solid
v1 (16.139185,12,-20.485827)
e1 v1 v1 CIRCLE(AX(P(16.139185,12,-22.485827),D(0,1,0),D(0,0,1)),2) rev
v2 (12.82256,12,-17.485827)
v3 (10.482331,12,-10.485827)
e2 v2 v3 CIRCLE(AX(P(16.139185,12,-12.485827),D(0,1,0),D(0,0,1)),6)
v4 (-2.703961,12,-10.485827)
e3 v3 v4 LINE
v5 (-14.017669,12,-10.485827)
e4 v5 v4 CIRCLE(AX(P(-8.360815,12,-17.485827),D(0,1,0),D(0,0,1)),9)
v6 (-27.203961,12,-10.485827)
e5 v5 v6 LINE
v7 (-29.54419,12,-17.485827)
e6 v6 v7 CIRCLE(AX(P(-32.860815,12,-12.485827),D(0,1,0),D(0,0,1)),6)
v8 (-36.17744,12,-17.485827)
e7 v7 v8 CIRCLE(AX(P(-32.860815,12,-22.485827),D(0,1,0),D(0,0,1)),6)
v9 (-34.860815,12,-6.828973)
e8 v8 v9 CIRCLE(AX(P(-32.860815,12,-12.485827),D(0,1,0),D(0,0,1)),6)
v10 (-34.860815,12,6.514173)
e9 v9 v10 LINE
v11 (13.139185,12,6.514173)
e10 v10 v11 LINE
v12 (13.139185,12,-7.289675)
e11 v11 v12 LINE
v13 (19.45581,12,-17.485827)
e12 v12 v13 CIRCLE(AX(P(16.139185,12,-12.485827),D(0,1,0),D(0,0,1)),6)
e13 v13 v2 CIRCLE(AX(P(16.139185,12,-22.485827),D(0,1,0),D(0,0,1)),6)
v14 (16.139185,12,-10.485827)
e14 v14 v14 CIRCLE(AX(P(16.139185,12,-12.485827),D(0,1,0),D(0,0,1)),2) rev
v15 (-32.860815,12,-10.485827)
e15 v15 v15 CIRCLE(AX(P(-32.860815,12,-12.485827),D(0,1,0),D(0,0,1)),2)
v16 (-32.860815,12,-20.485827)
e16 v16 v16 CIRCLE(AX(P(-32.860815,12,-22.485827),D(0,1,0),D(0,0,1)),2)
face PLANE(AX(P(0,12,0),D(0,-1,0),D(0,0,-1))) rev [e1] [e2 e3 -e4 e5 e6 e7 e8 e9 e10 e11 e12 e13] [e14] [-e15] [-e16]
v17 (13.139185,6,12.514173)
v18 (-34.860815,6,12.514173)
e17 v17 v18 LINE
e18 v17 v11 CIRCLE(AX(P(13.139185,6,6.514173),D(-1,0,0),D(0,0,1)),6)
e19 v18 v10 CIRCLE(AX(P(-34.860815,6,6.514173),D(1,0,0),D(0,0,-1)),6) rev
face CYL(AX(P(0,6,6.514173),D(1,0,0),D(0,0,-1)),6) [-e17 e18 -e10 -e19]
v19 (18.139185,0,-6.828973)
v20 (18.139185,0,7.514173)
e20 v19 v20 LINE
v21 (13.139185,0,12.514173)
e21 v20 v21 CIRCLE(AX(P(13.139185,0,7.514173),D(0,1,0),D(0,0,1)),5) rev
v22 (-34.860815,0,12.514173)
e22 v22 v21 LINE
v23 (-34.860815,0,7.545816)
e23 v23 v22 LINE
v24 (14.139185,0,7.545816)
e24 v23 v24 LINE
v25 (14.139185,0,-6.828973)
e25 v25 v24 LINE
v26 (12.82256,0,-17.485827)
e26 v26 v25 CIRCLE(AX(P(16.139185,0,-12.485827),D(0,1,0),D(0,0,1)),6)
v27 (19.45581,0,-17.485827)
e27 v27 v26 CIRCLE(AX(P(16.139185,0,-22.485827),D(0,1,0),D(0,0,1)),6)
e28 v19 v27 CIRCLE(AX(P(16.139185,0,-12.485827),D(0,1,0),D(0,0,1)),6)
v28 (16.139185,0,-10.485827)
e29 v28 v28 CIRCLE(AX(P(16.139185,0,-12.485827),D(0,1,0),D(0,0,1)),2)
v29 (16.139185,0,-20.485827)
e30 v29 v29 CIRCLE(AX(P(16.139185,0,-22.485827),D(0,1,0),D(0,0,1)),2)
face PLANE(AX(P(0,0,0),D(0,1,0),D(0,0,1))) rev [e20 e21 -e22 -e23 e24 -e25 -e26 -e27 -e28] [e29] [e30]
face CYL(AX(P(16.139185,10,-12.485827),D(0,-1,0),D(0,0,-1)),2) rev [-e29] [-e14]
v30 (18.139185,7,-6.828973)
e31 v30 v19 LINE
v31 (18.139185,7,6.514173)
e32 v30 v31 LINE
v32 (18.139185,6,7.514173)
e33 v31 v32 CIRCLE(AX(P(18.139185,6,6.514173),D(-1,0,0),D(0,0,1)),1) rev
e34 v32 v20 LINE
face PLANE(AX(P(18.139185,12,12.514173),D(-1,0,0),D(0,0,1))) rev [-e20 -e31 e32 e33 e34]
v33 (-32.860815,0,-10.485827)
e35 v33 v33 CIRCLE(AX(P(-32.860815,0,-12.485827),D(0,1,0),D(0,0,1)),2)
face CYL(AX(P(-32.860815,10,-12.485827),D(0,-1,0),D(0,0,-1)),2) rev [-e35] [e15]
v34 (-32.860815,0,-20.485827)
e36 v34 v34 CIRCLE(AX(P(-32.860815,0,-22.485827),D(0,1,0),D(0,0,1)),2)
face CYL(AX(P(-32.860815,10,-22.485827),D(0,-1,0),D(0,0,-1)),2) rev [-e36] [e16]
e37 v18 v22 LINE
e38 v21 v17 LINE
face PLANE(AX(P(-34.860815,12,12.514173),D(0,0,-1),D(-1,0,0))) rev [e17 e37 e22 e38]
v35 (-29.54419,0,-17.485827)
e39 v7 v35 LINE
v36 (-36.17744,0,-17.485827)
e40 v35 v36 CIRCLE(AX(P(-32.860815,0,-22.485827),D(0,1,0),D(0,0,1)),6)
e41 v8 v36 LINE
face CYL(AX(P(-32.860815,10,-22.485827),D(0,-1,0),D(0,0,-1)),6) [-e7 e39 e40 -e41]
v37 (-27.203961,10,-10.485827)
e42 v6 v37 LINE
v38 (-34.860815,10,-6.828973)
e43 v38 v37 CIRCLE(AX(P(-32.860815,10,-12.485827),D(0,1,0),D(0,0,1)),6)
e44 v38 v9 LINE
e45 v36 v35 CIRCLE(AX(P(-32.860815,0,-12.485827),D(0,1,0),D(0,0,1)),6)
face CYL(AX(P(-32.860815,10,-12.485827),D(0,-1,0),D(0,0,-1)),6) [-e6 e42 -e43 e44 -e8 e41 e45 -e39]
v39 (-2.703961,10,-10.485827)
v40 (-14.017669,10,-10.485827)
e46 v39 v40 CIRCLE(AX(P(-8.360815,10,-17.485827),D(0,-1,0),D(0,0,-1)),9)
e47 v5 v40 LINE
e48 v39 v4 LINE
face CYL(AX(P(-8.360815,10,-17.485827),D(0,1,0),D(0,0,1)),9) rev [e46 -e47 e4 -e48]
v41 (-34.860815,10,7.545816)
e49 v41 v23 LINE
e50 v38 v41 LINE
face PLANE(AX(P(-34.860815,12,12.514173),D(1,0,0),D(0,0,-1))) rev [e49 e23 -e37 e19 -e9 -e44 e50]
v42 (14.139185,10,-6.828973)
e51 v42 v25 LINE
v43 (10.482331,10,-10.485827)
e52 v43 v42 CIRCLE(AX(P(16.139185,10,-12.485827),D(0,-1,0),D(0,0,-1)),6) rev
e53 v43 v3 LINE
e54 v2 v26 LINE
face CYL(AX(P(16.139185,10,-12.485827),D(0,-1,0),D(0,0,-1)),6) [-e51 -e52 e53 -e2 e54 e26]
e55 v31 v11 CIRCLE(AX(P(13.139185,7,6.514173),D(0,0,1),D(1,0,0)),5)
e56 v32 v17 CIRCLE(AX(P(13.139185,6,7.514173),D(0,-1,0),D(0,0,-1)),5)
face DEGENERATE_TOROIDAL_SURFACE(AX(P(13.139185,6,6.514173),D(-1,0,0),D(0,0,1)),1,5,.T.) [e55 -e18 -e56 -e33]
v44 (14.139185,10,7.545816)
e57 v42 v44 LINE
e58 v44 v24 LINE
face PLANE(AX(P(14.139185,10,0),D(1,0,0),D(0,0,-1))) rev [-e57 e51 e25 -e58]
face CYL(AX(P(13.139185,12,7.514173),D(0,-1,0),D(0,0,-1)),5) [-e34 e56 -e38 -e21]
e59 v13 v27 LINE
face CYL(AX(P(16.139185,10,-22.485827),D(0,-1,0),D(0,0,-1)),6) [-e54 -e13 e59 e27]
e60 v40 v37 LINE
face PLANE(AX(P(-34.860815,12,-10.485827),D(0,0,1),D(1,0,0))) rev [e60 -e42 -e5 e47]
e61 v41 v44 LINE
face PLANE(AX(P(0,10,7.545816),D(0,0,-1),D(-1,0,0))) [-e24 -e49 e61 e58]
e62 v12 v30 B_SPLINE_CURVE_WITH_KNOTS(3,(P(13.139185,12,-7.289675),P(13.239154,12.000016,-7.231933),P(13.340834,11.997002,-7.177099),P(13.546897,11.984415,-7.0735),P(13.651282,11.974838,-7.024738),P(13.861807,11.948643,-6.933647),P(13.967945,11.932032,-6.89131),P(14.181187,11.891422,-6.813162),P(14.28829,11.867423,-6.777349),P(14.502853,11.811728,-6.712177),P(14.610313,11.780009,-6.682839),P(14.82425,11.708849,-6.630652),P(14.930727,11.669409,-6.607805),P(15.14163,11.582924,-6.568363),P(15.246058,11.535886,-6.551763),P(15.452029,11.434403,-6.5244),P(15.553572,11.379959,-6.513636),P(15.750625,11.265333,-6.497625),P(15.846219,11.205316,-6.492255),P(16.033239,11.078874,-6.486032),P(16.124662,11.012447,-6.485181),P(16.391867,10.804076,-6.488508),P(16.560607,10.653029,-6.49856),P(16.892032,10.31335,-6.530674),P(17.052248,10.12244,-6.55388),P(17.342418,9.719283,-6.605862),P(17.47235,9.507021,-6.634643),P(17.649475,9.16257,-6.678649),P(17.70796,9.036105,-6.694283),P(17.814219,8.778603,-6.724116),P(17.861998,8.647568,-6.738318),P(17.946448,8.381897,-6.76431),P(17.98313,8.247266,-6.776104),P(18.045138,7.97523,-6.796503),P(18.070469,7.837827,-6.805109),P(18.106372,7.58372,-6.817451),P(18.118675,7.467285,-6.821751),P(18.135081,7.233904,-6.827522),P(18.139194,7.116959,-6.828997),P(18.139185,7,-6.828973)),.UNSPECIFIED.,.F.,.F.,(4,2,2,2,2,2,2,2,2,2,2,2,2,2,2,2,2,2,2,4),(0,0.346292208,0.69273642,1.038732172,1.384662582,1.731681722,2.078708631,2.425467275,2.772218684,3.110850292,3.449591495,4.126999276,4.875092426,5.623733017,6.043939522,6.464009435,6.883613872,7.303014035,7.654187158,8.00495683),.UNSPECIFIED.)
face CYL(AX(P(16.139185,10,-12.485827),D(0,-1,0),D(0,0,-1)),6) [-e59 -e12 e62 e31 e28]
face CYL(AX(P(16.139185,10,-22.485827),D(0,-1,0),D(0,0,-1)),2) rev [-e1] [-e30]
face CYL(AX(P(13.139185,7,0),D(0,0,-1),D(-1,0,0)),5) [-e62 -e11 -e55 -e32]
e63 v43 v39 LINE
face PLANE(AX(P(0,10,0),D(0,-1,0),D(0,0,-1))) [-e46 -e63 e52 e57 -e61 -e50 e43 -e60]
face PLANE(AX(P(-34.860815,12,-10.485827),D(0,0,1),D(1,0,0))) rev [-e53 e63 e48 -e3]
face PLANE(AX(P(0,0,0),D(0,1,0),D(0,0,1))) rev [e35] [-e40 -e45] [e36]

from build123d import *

# Parameters (mm, degrees)
SKETCH1_R             = 2.0000000000000036
SKETCH1_R_2           = 2.0000000000000213
BOSS_EXTRUDE1_DEPTH   = 10
SKETCH1_R_3           = 2.0000000000000013
BOSS_EXTRUDE1_2_DEPTH = 10
SKETCH2_W             = 53.000000000000014
SKETCH2_H             = 22.999999999999996
BOSS_EXTRUDE2_DEPTH   = 2
FILLET1_R             = 6
SKETCH5_R             = 5.999999999999998
SKETCH5_R_2           = 2
SKETCH5_R_3           = 2.0000000000000027
SKETCH5_R_4           = 6.000000000000003
SKETCH5_R_5           = 2.0000000000000067
SKETCH5_R_6           = 5.999999999999995
BOSS_EXTRUDE5_DEPTH   = 2
SKETCH7_R             = 9
CUT_EXTRUDE1_DEPTH    = 2
FILLET2_R             = 5


with BuildPart() as part:
    # Sketch1 → Boss-Extrude1 (new body)
    with BuildSketch(Plane(origin=(0, 0, 0), x_dir=(1, 0, 0), z_dir=(0, 1, 0))):
        with BuildLine():
            ThreePointArc((18.139184902589378, 6.828972817517872), (22.093910791670055, 11.750137196267254), (19.455809692945103, 17.48582706701017))
            ThreePointArc((19.455809692945035, 17.485827067010383), (16.139184902589513, 28.485827067010298), (12.82256011223399, 17.48582706701038))
            ThreePointArc((12.822560112233926, 17.485827067010174), (10.184459013508956, 11.75013719626737), (14.139184902589426, 6.8289728175179505))
            Line((14.139184902589509, 6.828972817517972), (14.139184902589509, -7.5458155744883015))
            Line((14.13918490258951, -7.545815574488302), (-34.86081509741051, -7.545815574488318))
            Line((-34.8608150974105, -7.545815574488319), (-34.8608150974105, -12.514172932989698))
            Line((-34.8608150974105, -12.5141729329897), (18.139184902589513, -12.514172932989684))
            Line((18.139184902589513, -12.514172932989686), (18.139184902589516, 6.828972817517839))
        make_face()
        with Locations(Location((16.139184902589513, 12.485827067010298, 0), (0, 0, 270))):
            Circle(SKETCH1_R, mode=Mode.SUBTRACT)
        with Locations(Location((16.139184902589513, 22.485827067010316, 0), (0, 0, 270))):
            Circle(SKETCH1_R_2, mode=Mode.SUBTRACT)
    extrude(amount=BOSS_EXTRUDE1_DEPTH)



with BuildPart() as body_2:
    # Sketch1 → Boss-Extrude1 2 (new body)
    with BuildSketch(Plane(origin=(0, 0, 0), x_dir=(1, 0, 0), z_dir=(0, 1, 0))):
        with BuildLine():
            ThreePointArc((-36.177439887766084, 17.48582706701017), (-32.860815097410494, 6.485827067010302), (-29.544190307054905, 17.485827067010174))
            ThreePointArc((-29.54419030705497, 17.485827067010383), (-32.86081509741049, 28.485827067010298), (-36.17743988776603, 17.48582706701039))
        make_face()
        with Locations(Location((-32.860815097410494, 12.485827067010298, 0), (0, 0, 270))):
            Circle(SKETCH1_R_3, mode=Mode.SUBTRACT)
        with Locations(Location((-32.860815097410494, 22.485827067010298, 0), (0, 0, 270))):
            Circle(SKETCH1_R, mode=Mode.SUBTRACT)
    extrude(amount=BOSS_EXTRUDE1_2_DEPTH)


with BuildPart() as part_1:
    add(part.part)

    add(body_2.part)  # Boss-Extrude2 merges body 2
    # Sketch2 → Boss-Extrude2 (add)
    with BuildSketch(Plane(origin=(0, 10, 0), x_dir=(1, 0, 0), z_dir=(0, 1, 0))):
        with Locations((-8.360815097410494, -1.0141729329897018)):
            Rectangle(SKETCH2_W, SKETCH2_H)
    extrude(amount=BOSS_EXTRUDE2_DEPTH)

    # Fillet1
    fillet1_edges = [part_1.edges().sort_by_distance(p)[0] for p in [
        (-8.360815097410494, 12, 12.5141729329897),
    ]]
    fillet(fillet1_edges, radius=FILLET1_R)

    # Sketch5 → Boss-Extrude5 (add)
    # profile 1 of 4: a face of its own
    with BuildSketch(Plane(origin=(0, 10, 0), x_dir=(1, 0, 0), z_dir=(0, 1, 0))):
        with Locations((16.139184902589513, 22.485827067010298)):
            Circle(SKETCH5_R)
        with Locations(Location((16.139184902589513, 22.485827067010298, 0), (0, 0, 270))):
            Circle(SKETCH5_R_2, mode=Mode.SUBTRACT)
    # profile 2 of 4: a face of its own
    with BuildSketch(Plane(origin=(0, 10, 0), x_dir=(1, 0, 0), z_dir=(0, 1, 0))):
        with Locations((16.139184902589513, 12.485827067010298)):
            Circle(SKETCH5_R)
        with Locations(Location((16.139184902589513, 12.485827067010298, 0), (0, 0, 270))):
            Circle(SKETCH5_R_3, mode=Mode.SUBTRACT)
    # profile 3 of 4: a face of its own
    with BuildSketch(Plane(origin=(0, 10, 0), x_dir=(1, 0, 0), z_dir=(0, 1, 0))):
        with Locations((-32.860815097410494, 22.485827067010298)):
            Circle(SKETCH5_R_4)
        with Locations(Location((-32.860815097410494, 22.485827067010298, 0), (0, 0, 270))):
            Circle(SKETCH5_R_5, mode=Mode.SUBTRACT)
    # profile 4 of 4: a face of its own
    with BuildSketch(Plane(origin=(0, 10, 0), x_dir=(1, 0, 0), z_dir=(0, 1, 0))):
        with Locations((-32.860815097410494, 12.4858270670103)):
            Circle(SKETCH5_R_6)
        with Locations(Location((-32.860815097410494, 12.4858270670103, 0), (0, 0, 270))):
            Circle(SKETCH5_R_3, mode=Mode.SUBTRACT)
    extrude(amount=BOSS_EXTRUDE5_DEPTH)

    # Sketch7 → Cut-Extrude1 (cut)
    with BuildSketch(Plane(origin=(0, 12, 0), x_dir=(1, 0, 0), z_dir=(0, 1, 0))):
        with Locations((-8.360815097410491, 17.485827067010298)):
            Circle(SKETCH7_R)
    extrude(amount=-CUT_EXTRUDE1_DEPTH, mode=Mode.SUBTRACT)

    # Fillet2
    fillet2_edges = [part_1.edges().sort_by_distance(p)[0] for p in [
        (18.139184902589513, 12, -0.1573999422640835),
        (18.139184902589513, 3.0000000000000004, 12.514172932989688),
        (18.139184902589513, 10.242640687119287, 10.756813620108982),
    ]]
    fillet(fillet2_edges, radius=FILLET2_R)


solid = part_1.part
